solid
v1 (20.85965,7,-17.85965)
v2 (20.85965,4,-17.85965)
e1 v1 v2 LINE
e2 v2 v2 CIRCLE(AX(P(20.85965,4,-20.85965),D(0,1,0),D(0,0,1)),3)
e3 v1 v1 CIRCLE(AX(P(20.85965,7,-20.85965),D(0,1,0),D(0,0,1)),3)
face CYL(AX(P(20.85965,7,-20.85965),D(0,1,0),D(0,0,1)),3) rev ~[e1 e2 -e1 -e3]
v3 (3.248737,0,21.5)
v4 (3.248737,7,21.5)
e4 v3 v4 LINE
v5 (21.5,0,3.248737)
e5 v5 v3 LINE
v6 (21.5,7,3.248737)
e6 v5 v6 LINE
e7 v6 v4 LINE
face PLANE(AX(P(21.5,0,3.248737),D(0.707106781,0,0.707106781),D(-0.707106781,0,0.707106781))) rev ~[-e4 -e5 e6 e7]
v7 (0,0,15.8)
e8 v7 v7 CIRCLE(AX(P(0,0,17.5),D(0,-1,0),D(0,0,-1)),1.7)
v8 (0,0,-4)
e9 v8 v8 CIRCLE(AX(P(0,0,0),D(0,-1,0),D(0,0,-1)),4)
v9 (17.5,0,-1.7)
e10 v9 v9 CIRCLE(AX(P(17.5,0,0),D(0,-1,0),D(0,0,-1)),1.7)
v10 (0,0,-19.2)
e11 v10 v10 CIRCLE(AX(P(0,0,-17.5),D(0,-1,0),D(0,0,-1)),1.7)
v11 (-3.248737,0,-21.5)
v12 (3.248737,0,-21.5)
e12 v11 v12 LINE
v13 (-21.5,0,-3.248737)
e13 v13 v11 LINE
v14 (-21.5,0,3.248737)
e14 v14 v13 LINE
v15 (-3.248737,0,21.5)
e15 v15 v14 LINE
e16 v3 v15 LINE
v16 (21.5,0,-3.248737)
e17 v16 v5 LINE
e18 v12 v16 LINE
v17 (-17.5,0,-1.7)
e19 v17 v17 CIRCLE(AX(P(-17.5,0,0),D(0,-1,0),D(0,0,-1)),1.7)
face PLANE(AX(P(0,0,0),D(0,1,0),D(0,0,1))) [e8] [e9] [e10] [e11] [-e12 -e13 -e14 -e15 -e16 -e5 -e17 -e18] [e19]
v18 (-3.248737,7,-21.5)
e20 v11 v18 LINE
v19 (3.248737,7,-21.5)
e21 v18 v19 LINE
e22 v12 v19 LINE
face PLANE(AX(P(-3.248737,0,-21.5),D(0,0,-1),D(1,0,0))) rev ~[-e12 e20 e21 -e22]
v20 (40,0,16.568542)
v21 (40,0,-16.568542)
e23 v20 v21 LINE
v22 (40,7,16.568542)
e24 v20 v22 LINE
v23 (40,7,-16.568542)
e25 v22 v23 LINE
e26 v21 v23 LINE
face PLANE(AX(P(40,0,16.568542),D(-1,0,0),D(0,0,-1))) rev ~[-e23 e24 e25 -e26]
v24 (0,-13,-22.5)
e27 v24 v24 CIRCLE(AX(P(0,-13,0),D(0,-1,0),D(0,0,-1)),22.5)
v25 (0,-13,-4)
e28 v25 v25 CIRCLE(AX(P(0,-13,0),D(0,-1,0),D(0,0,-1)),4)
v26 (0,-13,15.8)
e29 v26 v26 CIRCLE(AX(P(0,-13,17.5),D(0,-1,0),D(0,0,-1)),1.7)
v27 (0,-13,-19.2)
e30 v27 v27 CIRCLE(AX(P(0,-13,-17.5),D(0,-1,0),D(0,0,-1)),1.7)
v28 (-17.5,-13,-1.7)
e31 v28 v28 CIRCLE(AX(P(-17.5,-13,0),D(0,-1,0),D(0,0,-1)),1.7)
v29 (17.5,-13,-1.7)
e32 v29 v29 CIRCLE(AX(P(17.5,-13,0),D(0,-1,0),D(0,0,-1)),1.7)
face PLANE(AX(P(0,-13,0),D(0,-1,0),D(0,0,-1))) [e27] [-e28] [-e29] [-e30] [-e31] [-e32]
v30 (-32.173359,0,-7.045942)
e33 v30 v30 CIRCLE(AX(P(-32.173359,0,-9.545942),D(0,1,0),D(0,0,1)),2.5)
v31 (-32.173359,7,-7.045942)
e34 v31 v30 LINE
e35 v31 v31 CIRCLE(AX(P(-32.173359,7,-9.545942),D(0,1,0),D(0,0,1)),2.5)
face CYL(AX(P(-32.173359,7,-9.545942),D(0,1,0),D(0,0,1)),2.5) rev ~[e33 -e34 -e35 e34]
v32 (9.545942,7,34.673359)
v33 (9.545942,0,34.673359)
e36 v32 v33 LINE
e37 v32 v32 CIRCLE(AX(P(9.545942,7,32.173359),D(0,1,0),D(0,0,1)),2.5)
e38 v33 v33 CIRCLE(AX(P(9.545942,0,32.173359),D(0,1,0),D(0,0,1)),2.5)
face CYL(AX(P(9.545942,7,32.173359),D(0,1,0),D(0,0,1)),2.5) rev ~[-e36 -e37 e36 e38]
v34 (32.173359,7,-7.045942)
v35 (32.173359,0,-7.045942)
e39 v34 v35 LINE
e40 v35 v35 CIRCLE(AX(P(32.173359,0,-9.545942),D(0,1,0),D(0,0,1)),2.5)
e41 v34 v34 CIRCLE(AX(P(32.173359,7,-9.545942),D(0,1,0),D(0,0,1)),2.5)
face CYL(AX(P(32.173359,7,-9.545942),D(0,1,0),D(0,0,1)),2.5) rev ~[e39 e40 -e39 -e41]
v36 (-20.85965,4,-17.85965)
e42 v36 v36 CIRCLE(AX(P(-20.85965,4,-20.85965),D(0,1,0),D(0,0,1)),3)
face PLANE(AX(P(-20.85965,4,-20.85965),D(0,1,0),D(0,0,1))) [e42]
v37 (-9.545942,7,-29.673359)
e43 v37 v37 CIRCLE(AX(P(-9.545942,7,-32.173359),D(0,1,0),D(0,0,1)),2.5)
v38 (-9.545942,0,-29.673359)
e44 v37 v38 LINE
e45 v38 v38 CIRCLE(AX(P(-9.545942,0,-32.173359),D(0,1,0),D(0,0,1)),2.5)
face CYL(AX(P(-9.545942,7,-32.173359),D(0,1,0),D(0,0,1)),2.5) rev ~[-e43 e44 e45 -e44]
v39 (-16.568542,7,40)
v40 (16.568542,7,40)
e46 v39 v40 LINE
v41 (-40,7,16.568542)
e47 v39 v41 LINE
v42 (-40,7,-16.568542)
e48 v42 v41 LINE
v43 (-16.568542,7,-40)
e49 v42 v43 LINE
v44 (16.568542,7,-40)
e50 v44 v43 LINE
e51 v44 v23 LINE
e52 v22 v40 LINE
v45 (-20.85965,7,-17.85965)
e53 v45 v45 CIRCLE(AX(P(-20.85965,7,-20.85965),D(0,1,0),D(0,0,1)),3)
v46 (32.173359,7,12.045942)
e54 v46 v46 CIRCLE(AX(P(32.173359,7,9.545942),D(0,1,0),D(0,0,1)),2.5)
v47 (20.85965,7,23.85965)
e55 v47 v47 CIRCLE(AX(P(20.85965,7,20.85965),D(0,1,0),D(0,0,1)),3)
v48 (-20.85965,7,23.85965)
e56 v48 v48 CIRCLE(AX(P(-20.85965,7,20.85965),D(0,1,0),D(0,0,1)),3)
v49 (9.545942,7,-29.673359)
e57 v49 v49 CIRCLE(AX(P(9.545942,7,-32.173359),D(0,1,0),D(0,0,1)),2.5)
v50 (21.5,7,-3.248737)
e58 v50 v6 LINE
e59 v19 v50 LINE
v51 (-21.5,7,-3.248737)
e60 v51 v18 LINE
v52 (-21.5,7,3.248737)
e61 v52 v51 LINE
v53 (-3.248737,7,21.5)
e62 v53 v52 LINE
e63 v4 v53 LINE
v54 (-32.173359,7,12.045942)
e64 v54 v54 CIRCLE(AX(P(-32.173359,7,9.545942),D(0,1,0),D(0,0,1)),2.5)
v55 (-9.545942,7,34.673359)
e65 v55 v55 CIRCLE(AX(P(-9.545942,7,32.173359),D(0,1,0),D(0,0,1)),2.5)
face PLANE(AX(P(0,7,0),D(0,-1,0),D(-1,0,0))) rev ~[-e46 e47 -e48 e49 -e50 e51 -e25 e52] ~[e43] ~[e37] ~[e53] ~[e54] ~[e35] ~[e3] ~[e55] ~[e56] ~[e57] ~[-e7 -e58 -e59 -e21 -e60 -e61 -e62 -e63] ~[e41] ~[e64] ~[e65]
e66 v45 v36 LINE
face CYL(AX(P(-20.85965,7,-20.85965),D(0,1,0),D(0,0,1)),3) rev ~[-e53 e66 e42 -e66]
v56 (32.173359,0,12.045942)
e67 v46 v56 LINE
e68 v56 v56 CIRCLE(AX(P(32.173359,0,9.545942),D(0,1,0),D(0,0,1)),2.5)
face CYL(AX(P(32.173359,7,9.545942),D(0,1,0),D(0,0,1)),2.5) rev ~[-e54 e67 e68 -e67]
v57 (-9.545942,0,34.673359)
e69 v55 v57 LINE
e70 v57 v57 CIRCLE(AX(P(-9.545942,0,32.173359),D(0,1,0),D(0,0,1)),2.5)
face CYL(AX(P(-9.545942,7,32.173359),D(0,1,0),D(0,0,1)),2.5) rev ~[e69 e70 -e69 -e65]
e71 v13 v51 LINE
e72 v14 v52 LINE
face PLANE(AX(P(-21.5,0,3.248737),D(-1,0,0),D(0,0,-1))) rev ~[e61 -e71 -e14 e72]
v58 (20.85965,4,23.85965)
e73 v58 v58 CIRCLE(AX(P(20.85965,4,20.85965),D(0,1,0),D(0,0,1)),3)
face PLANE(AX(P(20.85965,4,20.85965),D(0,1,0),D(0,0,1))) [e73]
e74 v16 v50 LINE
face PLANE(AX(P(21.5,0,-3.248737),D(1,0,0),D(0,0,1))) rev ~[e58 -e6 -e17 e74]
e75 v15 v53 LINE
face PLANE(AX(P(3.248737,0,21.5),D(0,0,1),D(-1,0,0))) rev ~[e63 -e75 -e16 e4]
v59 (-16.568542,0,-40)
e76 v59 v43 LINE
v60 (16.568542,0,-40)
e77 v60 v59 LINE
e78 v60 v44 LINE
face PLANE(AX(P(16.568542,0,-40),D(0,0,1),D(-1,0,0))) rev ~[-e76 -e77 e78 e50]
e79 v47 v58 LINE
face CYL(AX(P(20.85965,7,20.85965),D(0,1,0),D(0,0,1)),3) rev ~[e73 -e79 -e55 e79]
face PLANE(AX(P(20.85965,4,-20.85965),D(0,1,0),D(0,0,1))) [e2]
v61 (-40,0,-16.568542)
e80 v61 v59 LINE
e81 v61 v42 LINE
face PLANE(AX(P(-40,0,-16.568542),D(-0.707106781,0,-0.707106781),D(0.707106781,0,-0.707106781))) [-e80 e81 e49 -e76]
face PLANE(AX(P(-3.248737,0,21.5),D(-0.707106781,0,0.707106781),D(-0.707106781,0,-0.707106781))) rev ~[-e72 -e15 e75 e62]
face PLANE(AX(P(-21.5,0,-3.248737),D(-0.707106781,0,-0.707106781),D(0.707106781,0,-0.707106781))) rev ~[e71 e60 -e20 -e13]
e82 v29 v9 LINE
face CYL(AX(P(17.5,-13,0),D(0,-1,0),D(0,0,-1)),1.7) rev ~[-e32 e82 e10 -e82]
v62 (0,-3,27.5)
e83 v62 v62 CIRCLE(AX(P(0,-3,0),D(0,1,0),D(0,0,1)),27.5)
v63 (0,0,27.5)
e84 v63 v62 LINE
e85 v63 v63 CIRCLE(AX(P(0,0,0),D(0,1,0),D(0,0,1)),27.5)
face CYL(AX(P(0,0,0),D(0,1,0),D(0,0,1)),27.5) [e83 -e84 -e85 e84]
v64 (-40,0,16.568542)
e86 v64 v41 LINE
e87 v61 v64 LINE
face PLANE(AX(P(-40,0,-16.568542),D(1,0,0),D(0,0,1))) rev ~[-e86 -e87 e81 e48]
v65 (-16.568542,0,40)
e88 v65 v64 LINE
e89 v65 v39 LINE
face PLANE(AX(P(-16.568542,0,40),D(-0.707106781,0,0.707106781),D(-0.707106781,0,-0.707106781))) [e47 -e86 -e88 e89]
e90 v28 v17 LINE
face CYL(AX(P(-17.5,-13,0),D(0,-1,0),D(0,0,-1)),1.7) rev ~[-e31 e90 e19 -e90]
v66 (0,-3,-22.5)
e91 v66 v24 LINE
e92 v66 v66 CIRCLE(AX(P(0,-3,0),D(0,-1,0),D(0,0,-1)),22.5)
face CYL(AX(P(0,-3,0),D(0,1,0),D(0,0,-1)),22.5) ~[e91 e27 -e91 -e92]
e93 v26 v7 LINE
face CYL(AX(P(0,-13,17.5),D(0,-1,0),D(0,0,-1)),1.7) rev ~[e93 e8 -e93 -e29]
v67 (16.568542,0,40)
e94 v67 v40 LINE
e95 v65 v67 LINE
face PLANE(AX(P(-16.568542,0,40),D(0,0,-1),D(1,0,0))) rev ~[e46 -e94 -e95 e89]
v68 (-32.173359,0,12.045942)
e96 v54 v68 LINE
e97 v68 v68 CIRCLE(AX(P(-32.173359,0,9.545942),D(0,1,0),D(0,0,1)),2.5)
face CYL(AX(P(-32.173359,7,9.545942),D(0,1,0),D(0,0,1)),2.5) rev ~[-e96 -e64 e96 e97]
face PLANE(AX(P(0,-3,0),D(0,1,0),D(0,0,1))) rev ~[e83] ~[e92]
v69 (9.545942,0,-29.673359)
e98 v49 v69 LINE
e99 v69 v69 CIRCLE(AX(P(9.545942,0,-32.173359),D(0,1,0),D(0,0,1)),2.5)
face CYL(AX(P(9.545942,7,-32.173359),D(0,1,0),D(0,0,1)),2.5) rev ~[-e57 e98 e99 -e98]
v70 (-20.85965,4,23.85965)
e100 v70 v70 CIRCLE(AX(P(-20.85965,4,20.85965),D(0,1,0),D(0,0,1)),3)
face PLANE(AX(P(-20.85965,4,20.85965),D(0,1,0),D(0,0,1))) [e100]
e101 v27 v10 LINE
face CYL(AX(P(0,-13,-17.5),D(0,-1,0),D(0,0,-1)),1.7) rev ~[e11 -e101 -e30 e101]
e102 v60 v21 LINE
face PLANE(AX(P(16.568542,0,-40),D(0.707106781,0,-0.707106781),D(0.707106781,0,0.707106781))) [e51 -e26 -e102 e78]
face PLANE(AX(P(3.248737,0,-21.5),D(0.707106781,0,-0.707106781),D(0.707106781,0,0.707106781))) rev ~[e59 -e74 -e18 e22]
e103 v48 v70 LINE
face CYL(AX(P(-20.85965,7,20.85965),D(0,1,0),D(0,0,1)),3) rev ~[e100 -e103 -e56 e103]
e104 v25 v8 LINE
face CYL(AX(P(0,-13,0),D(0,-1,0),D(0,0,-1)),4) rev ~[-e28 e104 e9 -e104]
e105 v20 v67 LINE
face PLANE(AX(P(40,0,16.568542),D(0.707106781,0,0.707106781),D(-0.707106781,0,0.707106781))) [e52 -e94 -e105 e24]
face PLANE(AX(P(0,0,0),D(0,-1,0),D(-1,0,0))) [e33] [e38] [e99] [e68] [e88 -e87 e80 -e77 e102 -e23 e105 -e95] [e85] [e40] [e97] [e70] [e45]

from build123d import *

# Parameters (mm, degrees)
SKETCH_1_R          = 27.5
EXTRUDE_1_DEPTH     = 3
SKETCH_2_R          = 22.5
EXTRUDE_2_DEPTH     = 10
CUT_EXTRUDE_1_REACH = 43.006
SKETCH_3_R          = 1.7
SKETCH_3_R_2        = 4
EXTRUDE_3_DEPTH     = 7
SKETCH_6_R          = 3
CUT_EXTRUDE_2_DEPTH = 3
CUT_EXTRUDE_3_REACH = 62
SKETCH_7_R          = 2.5


with BuildPart() as part:
    # 草图1 → 凸台-拉伸1 (new body)
    with BuildSketch(Plane(origin=(0, 0, 0), x_dir=(1, 0, 0), z_dir=(0, 1, 0))):
        with Locations(Location((0, 0, 0), (0, 0, 270))):
            Circle(SKETCH_1_R)
    extrude(amount=-EXTRUDE_1_DEPTH)

    # 草图2 → 凸台-拉伸2 (add)
    with BuildSketch(Plane.XZ.offset(3)):
        with Locations(Location((0, 0, 0), (0, 0, 270))):
            Circle(SKETCH_2_R)
    extrude(amount=EXTRUDE_2_DEPTH)

    # 草图3 → 切除-拉伸1 (cut, up to next)
    with BuildSketch(Plane.XZ.offset(13), mode=Mode.PRIVATE) as cut_extrude_1_sk1:
        with Locations(Location((0, 17.5, 0), (0, 0, 270))):
            Circle(SKETCH_3_R)
    cut_extrude_1_tool1 = extrude(cut_extrude_1_sk1.sketch, amount=-CUT_EXTRUDE_1_REACH, mode=Mode.PRIVATE) & part.part
    # 草图3 → 切除-拉伸1 (cut, up to next)
    with BuildSketch(Plane.XZ.offset(13), mode=Mode.PRIVATE) as cut_extrude_1_sk2:
        with Locations(Location((17.5, 0, 0), (0, 0, 270))):
            Circle(SKETCH_3_R)
    cut_extrude_1_tool2 = extrude(cut_extrude_1_sk2.sketch, amount=-CUT_EXTRUDE_1_REACH, mode=Mode.PRIVATE) & part.part
    # 草图3 → 切除-拉伸1 (cut, up to next)
    with BuildSketch(Plane.XZ.offset(13), mode=Mode.PRIVATE) as cut_extrude_1_sk3:
        with Locations(Location((0, -17.5, 0), (0, 0, 270))):
            Circle(SKETCH_3_R)
    cut_extrude_1_tool3 = extrude(cut_extrude_1_sk3.sketch, amount=-CUT_EXTRUDE_1_REACH, mode=Mode.PRIVATE) & part.part
    # 草图3 → 切除-拉伸1 (cut, up to next)
    with BuildSketch(Plane.XZ.offset(13), mode=Mode.PRIVATE) as cut_extrude_1_sk4:
        with Locations(Location((-17.5, 0, 0), (0, 0, 270))):
            Circle(SKETCH_3_R)
    cut_extrude_1_tool4 = extrude(cut_extrude_1_sk4.sketch, amount=-CUT_EXTRUDE_1_REACH, mode=Mode.PRIVATE) & part.part
    # 草图3 → 切除-拉伸1 (cut, up to next)
    with BuildSketch(Plane.XZ.offset(13), mode=Mode.PRIVATE) as cut_extrude_1_sk5:
        with Locations(Location((0, 0, 0), (0, 0, 270))):
            Circle(SKETCH_3_R_2)
    cut_extrude_1_tool5 = extrude(cut_extrude_1_sk5.sketch, amount=-CUT_EXTRUDE_1_REACH, mode=Mode.PRIVATE) & part.part
    add(cut_extrude_1_tool1.solids().sort_by_distance((0, -13, 17.5))[0], mode=Mode.SUBTRACT)
    add(cut_extrude_1_tool2.solids().sort_by_distance((17.5, -13, 0))[0], mode=Mode.SUBTRACT)
    add(cut_extrude_1_tool3.solids().sort_by_distance((0, -13, -17.5))[0], mode=Mode.SUBTRACT)
    add(cut_extrude_1_tool4.solids().sort_by_distance((-17.5, -13, 0))[0], mode=Mode.SUBTRACT)
    add(cut_extrude_1_tool5.solids().sort_by_distance((0, -13, 0))[0], mode=Mode.SUBTRACT)

    # 草图4 → 凸台-拉伸3 (add)
    with BuildSketch(Plane(origin=(0, 0, 0), x_dir=(1, 0, 0), z_dir=(0, 1, 0))):
        Polygon((0, 40), (16.568542495, 40), (40, 16.568542495), (40, 0), (40, -16.568542495), (16.568542495, -40), (0, -40), (-16.568542495, -40), (-40, -16.568542495), (-40, 0), (-40, 16.568542495), (-16.568542495, 40), align=None)
        Polygon((0, 21.5), (3.248737342, 21.5), (21.5, 3.248737342), (21.5, 0), (21.5, -3.248737342), (3.248737342, -21.5), (0, -21.5), (-3.248737342, -21.5), (-21.5, -3.248737342), (-21.5, 0), (-21.5, 3.248737342), (-3.248737342, 21.5), align=None, mode=Mode.SUBTRACT)
    extrude(amount=EXTRUDE_3_DEPTH)

    # 草图6 → 切除-拉伸2 (cut)
    with BuildSketch(Plane(origin=(0, 7, 0), x_dir=(1, 0, 0), z_dir=(0, 1, 0))):
        with Locations(Location((20.859650045, 20.859650045, 0), (0, 0, 270))):
            Circle(SKETCH_6_R)
        with Locations(Location((20.859650045, -20.859650045, 0), (0, 0, 270))):
            Circle(SKETCH_6_R)
        with Locations(Location((-20.859650045, -20.859650045, 0), (0, 0, 270))):
            Circle(SKETCH_6_R)
        with Locations(Location((-20.859650045, 20.859650045, 0), (0, 0, 270))):
            Circle(SKETCH_6_R)
    extrude(amount=-CUT_EXTRUDE_2_DEPTH, mode=Mode.SUBTRACT)

    # 草图7 → 切除-拉伸3 (cut, up to next)
    with BuildSketch(Plane(origin=(0, 7, 0), x_dir=(1, 0, 0), z_dir=(0, 1, 0)), mode=Mode.PRIVATE) as cut_extrude_3_sk1:
        with Locations(Location((9.545941546, 32.173358544, 0), (0, 0, 270))):
            Circle(SKETCH_7_R)
    cut_extrude_3_tool1 = extrude(cut_extrude_3_sk1.sketch, amount=-CUT_EXTRUDE_3_REACH, mode=Mode.PRIVATE) & part.part
    # 草图7 → 切除-拉伸3 (cut, up to next)
    with BuildSketch(Plane(origin=(0, 7, 0), x_dir=(1, 0, 0), z_dir=(0, 1, 0)), mode=Mode.PRIVATE) as cut_extrude_3_sk2:
        with Locations(Location((32.173358544, 9.545941546, 0), (0, 0, 270))):
            Circle(SKETCH_7_R)
    cut_extrude_3_tool2 = extrude(cut_extrude_3_sk2.sketch, amount=-CUT_EXTRUDE_3_REACH, mode=Mode.PRIVATE) & part.part
    # 草图7 → 切除-拉伸3 (cut, up to next)
    with BuildSketch(Plane(origin=(0, 7, 0), x_dir=(1, 0, 0), z_dir=(0, 1, 0)), mode=Mode.PRIVATE) as cut_extrude_3_sk3:
        with Locations(Location((32.173358544, -9.545941546, 0), (0, 0, 270))):
            Circle(SKETCH_7_R)
    cut_extrude_3_tool3 = extrude(cut_extrude_3_sk3.sketch, amount=-CUT_EXTRUDE_3_REACH, mode=Mode.PRIVATE) & part.part
    # 草图7 → 切除-拉伸3 (cut, up to next)
    with BuildSketch(Plane(origin=(0, 7, 0), x_dir=(1, 0, 0), z_dir=(0, 1, 0)), mode=Mode.PRIVATE) as cut_extrude_3_sk4:
        with Locations(Location((9.545941546, -32.173358544, 0), (0, 0, 270))):
            Circle(SKETCH_7_R)
    cut_extrude_3_tool4 = extrude(cut_extrude_3_sk4.sketch, amount=-CUT_EXTRUDE_3_REACH, mode=Mode.PRIVATE) & part.part
    # 草图7 → 切除-拉伸3 (cut, up to next)
    with BuildSketch(Plane(origin=(0, 7, 0), x_dir=(1, 0, 0), z_dir=(0, 1, 0)), mode=Mode.PRIVATE) as cut_extrude_3_sk5:
        with Locations(Location((-9.545941546, -32.173358544, 0), (0, 0, 270))):
            Circle(SKETCH_7_R)
    cut_extrude_3_tool5 = extrude(cut_extrude_3_sk5.sketch, amount=-CUT_EXTRUDE_3_REACH, mode=Mode.PRIVATE) & part.part
    # 草图7 → 切除-拉伸3 (cut, up to next)
    with BuildSketch(Plane(origin=(0, 7, 0), x_dir=(1, 0, 0), z_dir=(0, 1, 0)), mode=Mode.PRIVATE) as cut_extrude_3_sk6:
        with Locations(Location((-32.173358544, -9.545941546, 0), (0, 0, 270))):
            Circle(SKETCH_7_R)
    cut_extrude_3_tool6 = extrude(cut_extrude_3_sk6.sketch, amount=-CUT_EXTRUDE_3_REACH, mode=Mode.PRIVATE) & part.part
    # 草图7 → 切除-拉伸3 (cut, up to next)
    with BuildSketch(Plane(origin=(0, 7, 0), x_dir=(1, 0, 0), z_dir=(0, 1, 0)), mode=Mode.PRIVATE) as cut_extrude_3_sk7:
        with Locations(Location((-32.173358544, 9.545941546, 0), (0, 0, 270))):
            Circle(SKETCH_7_R)
    cut_extrude_3_tool7 = extrude(cut_extrude_3_sk7.sketch, amount=-CUT_EXTRUDE_3_REACH, mode=Mode.PRIVATE) & part.part
    # 草图7 → 切除-拉伸3 (cut, up to next)
    with BuildSketch(Plane(origin=(0, 7, 0), x_dir=(1, 0, 0), z_dir=(0, 1, 0)), mode=Mode.PRIVATE) as cut_extrude_3_sk8:
        with Locations(Location((-9.545941546, 32.173358544, 0), (0, 0, 270))):
            Circle(SKETCH_7_R)
    cut_extrude_3_tool8 = extrude(cut_extrude_3_sk8.sketch, amount=-CUT_EXTRUDE_3_REACH, mode=Mode.PRIVATE) & part.part
    add(cut_extrude_3_tool1.solids().sort_by_distance((9.545942, 7, -32.173359))[0], mode=Mode.SUBTRACT)
    add(cut_extrude_3_tool2.solids().sort_by_distance((32.173359, 7, -9.545942))[0], mode=Mode.SUBTRACT)
    add(cut_extrude_3_tool3.solids().sort_by_distance((32.173359, 7, 9.545942))[0], mode=Mode.SUBTRACT)
    add(cut_extrude_3_tool4.solids().sort_by_distance((9.545942, 7, 32.173359))[0], mode=Mode.SUBTRACT)
    add(cut_extrude_3_tool5.solids().sort_by_distance((-9.545942, 7, 32.173359))[0], mode=Mode.SUBTRACT)
    add(cut_extrude_3_tool6.solids().sort_by_distance((-32.173359, 7, 9.545942))[0], mode=Mode.SUBTRACT)
    add(cut_extrude_3_tool7.solids().sort_by_distance((-32.173359, 7, -9.545942))[0], mode=Mode.SUBTRACT)
    add(cut_extrude_3_tool8.solids().sort_by_distance((-9.545942, 7, -32.173359))[0], mode=Mode.SUBTRACT)


solid = part.part
